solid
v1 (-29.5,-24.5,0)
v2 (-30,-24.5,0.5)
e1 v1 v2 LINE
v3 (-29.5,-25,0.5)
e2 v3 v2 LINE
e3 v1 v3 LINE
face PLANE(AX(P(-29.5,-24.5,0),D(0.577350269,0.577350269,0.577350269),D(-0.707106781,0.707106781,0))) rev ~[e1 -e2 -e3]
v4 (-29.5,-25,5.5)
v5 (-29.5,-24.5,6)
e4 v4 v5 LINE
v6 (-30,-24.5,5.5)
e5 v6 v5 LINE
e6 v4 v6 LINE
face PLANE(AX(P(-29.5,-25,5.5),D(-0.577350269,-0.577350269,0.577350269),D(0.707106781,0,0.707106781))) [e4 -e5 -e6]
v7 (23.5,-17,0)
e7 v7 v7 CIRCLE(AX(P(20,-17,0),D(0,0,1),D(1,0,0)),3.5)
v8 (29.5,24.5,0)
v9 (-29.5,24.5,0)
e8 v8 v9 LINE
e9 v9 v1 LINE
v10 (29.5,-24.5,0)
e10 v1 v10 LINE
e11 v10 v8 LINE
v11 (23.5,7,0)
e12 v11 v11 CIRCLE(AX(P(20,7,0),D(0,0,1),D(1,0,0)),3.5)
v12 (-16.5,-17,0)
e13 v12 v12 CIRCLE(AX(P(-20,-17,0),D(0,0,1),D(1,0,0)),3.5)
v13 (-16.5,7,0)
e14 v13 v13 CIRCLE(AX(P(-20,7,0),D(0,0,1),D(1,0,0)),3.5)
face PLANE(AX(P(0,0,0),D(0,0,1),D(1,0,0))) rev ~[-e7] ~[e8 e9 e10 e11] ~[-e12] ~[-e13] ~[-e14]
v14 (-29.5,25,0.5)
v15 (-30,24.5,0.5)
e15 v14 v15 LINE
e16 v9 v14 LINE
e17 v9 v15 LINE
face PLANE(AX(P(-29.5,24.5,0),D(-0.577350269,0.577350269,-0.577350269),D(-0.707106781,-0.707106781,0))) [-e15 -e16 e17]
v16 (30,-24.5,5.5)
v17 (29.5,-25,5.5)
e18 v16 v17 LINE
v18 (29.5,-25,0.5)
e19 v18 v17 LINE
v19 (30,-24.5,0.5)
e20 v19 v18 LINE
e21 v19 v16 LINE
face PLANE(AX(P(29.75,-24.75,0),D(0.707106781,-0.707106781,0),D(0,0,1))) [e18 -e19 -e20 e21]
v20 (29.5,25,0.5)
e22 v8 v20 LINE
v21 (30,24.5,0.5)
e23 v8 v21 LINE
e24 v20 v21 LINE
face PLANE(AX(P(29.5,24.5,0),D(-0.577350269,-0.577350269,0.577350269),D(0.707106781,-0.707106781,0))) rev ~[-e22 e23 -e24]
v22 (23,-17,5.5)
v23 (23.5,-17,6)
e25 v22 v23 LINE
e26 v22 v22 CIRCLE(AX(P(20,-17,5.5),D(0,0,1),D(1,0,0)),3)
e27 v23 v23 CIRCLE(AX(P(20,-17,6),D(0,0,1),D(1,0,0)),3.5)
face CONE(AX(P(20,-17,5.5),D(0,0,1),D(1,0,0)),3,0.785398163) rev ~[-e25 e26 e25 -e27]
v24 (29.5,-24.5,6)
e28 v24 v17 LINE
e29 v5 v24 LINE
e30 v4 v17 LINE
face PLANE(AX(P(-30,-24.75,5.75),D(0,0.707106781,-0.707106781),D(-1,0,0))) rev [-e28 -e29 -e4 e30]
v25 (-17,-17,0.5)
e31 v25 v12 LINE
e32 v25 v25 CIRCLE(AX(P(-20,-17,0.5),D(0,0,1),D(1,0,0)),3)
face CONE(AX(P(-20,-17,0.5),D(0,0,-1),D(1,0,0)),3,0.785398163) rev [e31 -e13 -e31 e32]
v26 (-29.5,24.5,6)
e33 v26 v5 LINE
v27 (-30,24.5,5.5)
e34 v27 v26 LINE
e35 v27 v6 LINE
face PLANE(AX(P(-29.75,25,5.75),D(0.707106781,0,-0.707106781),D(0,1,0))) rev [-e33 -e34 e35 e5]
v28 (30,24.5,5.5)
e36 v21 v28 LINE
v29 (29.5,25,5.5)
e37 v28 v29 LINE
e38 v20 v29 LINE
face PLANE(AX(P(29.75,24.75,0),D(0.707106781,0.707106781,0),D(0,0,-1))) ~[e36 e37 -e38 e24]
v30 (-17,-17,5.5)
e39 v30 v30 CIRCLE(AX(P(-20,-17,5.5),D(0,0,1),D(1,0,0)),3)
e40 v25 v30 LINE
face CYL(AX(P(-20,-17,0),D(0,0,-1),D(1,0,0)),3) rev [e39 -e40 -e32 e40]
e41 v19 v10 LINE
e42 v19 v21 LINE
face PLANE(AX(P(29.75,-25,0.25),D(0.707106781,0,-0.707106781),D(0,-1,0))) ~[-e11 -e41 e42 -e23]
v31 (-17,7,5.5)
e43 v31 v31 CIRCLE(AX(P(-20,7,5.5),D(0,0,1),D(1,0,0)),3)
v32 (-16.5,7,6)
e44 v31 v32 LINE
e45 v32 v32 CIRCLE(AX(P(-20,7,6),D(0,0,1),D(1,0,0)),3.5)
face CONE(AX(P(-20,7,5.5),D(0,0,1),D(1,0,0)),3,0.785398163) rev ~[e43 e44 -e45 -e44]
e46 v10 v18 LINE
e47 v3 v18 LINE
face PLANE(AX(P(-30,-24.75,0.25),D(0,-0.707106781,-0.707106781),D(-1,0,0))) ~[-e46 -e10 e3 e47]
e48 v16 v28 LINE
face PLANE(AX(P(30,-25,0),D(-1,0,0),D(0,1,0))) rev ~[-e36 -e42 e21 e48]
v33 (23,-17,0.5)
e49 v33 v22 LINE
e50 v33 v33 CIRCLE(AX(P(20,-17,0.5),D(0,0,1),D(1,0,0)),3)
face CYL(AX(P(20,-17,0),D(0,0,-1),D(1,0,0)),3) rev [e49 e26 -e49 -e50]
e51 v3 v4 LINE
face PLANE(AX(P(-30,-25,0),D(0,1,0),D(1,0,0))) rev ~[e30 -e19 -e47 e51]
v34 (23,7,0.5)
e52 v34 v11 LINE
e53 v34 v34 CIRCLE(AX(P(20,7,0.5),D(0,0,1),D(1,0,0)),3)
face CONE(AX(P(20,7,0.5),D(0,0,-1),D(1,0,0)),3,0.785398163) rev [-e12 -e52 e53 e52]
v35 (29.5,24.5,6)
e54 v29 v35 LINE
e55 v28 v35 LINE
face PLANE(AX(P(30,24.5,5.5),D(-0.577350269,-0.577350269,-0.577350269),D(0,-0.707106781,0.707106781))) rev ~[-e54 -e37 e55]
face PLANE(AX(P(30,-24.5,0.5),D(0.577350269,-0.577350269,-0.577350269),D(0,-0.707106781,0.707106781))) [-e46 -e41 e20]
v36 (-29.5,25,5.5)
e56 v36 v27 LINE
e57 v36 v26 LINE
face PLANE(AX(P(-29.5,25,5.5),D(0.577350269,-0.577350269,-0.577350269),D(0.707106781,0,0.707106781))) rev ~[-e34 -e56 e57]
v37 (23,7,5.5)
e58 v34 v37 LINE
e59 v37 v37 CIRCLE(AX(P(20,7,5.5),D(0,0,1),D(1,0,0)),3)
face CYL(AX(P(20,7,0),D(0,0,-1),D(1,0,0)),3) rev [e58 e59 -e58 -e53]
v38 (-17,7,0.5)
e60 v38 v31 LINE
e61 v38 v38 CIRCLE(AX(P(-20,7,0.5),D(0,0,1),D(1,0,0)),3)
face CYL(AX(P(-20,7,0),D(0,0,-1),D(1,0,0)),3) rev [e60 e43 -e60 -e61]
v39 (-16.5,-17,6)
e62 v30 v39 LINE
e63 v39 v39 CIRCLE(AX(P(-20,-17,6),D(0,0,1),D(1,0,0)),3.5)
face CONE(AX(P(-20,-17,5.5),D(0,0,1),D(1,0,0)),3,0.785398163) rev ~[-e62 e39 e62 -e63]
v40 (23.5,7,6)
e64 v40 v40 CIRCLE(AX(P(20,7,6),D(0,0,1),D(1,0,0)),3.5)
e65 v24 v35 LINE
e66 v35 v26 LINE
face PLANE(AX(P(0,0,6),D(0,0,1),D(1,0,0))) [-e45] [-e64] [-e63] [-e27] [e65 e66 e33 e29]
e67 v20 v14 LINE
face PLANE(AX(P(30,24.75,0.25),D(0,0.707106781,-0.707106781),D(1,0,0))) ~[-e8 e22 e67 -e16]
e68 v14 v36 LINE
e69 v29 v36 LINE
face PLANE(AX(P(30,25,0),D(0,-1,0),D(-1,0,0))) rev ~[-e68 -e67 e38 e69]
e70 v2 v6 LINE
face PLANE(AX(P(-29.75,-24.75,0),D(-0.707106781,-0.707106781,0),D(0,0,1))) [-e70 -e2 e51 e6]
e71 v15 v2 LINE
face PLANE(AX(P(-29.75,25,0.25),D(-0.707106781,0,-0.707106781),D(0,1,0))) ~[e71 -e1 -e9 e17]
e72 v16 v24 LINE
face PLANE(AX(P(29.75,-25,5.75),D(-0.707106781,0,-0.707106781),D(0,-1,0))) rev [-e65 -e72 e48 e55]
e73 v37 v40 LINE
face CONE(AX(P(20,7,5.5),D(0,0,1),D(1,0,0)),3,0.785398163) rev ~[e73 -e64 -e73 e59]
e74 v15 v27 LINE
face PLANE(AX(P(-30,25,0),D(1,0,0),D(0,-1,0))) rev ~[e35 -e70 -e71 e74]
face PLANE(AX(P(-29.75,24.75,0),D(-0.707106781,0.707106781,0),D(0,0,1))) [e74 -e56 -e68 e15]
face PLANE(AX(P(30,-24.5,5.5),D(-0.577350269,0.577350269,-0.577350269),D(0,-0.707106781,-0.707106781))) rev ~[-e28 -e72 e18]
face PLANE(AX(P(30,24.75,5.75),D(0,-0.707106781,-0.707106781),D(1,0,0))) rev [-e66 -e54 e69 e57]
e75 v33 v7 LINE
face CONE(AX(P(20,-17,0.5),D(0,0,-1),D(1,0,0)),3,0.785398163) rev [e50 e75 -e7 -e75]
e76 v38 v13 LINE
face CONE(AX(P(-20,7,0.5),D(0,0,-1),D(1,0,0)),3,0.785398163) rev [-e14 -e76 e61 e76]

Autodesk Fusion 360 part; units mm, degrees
sketch "Sketch1" plane through (0, 0, 0) normal (0, 0, 1) x (1, 0, 0)
  line L0 (30, 25) -> (-30, 25)
  line L1 (-30, 25) -> (-30, -25)
  line L2 (-30, -25) -> (30, -25)
  line L3 (30, -25) -> (30, 25)
  line L4 (30, 25) -> (-30, -25) construction
  line L5 (-30, 25) -> (30, -25) construction
  line L6 (-20, 7) -> (20, 7) construction
  line L7 (20, 7) -> (20, -17) construction
  line L8 (20, -17) -> (-20, -17) construction
  line L9 (-20, -17) -> (-20, 7) construction
  circle A0 centre (-20, -17) radius 3
  circle A1 centre (20, -17) radius 3
  circle A2 centre (-20, 7) radius 3
  circle A3 centre (20, 7) radius 3
  dimension "d1" = 60
  dimension "d2" = 50
  dimension "d3" = 40
  dimension "d4" = 24
  dimension "d5" = 10
  dimension "d6" = 8
  dimension "d7" = 6
  dimension "d8" = 6
  dimension "d9" = 6
  dimension "d10" = 6
extrude "Extrude1" add sketch "Sketch1" along normal blind 6
chamfer "Chamfer1" distance 0.5 angle 45 20 edges at (-30, 0, 6) (-30, 25, 3) (0, 25, 6) (-30, -25, 3) (0, -25, 6) (0, -25, 0) (30, 25, 3) (0, 25, 0) (30, 0, 6) (30, 0, 0) (30, -25, 3) (-30, 0, 0) (-22.797, 8.0848, 6) (-22.797, 8.0848, 0) (-22.797, -15.9152, 6) (-22.797, -15.9152, 0) (17.203, -15.9152, 6) (17.203, -15.9152, 0) (17.203, 8.0848, 6) (17.203, 8.0848, 0)
equation "d5 = d1 / 2 - d3 / 2"
equation "d6 = 20 mm - d4 / 2"
